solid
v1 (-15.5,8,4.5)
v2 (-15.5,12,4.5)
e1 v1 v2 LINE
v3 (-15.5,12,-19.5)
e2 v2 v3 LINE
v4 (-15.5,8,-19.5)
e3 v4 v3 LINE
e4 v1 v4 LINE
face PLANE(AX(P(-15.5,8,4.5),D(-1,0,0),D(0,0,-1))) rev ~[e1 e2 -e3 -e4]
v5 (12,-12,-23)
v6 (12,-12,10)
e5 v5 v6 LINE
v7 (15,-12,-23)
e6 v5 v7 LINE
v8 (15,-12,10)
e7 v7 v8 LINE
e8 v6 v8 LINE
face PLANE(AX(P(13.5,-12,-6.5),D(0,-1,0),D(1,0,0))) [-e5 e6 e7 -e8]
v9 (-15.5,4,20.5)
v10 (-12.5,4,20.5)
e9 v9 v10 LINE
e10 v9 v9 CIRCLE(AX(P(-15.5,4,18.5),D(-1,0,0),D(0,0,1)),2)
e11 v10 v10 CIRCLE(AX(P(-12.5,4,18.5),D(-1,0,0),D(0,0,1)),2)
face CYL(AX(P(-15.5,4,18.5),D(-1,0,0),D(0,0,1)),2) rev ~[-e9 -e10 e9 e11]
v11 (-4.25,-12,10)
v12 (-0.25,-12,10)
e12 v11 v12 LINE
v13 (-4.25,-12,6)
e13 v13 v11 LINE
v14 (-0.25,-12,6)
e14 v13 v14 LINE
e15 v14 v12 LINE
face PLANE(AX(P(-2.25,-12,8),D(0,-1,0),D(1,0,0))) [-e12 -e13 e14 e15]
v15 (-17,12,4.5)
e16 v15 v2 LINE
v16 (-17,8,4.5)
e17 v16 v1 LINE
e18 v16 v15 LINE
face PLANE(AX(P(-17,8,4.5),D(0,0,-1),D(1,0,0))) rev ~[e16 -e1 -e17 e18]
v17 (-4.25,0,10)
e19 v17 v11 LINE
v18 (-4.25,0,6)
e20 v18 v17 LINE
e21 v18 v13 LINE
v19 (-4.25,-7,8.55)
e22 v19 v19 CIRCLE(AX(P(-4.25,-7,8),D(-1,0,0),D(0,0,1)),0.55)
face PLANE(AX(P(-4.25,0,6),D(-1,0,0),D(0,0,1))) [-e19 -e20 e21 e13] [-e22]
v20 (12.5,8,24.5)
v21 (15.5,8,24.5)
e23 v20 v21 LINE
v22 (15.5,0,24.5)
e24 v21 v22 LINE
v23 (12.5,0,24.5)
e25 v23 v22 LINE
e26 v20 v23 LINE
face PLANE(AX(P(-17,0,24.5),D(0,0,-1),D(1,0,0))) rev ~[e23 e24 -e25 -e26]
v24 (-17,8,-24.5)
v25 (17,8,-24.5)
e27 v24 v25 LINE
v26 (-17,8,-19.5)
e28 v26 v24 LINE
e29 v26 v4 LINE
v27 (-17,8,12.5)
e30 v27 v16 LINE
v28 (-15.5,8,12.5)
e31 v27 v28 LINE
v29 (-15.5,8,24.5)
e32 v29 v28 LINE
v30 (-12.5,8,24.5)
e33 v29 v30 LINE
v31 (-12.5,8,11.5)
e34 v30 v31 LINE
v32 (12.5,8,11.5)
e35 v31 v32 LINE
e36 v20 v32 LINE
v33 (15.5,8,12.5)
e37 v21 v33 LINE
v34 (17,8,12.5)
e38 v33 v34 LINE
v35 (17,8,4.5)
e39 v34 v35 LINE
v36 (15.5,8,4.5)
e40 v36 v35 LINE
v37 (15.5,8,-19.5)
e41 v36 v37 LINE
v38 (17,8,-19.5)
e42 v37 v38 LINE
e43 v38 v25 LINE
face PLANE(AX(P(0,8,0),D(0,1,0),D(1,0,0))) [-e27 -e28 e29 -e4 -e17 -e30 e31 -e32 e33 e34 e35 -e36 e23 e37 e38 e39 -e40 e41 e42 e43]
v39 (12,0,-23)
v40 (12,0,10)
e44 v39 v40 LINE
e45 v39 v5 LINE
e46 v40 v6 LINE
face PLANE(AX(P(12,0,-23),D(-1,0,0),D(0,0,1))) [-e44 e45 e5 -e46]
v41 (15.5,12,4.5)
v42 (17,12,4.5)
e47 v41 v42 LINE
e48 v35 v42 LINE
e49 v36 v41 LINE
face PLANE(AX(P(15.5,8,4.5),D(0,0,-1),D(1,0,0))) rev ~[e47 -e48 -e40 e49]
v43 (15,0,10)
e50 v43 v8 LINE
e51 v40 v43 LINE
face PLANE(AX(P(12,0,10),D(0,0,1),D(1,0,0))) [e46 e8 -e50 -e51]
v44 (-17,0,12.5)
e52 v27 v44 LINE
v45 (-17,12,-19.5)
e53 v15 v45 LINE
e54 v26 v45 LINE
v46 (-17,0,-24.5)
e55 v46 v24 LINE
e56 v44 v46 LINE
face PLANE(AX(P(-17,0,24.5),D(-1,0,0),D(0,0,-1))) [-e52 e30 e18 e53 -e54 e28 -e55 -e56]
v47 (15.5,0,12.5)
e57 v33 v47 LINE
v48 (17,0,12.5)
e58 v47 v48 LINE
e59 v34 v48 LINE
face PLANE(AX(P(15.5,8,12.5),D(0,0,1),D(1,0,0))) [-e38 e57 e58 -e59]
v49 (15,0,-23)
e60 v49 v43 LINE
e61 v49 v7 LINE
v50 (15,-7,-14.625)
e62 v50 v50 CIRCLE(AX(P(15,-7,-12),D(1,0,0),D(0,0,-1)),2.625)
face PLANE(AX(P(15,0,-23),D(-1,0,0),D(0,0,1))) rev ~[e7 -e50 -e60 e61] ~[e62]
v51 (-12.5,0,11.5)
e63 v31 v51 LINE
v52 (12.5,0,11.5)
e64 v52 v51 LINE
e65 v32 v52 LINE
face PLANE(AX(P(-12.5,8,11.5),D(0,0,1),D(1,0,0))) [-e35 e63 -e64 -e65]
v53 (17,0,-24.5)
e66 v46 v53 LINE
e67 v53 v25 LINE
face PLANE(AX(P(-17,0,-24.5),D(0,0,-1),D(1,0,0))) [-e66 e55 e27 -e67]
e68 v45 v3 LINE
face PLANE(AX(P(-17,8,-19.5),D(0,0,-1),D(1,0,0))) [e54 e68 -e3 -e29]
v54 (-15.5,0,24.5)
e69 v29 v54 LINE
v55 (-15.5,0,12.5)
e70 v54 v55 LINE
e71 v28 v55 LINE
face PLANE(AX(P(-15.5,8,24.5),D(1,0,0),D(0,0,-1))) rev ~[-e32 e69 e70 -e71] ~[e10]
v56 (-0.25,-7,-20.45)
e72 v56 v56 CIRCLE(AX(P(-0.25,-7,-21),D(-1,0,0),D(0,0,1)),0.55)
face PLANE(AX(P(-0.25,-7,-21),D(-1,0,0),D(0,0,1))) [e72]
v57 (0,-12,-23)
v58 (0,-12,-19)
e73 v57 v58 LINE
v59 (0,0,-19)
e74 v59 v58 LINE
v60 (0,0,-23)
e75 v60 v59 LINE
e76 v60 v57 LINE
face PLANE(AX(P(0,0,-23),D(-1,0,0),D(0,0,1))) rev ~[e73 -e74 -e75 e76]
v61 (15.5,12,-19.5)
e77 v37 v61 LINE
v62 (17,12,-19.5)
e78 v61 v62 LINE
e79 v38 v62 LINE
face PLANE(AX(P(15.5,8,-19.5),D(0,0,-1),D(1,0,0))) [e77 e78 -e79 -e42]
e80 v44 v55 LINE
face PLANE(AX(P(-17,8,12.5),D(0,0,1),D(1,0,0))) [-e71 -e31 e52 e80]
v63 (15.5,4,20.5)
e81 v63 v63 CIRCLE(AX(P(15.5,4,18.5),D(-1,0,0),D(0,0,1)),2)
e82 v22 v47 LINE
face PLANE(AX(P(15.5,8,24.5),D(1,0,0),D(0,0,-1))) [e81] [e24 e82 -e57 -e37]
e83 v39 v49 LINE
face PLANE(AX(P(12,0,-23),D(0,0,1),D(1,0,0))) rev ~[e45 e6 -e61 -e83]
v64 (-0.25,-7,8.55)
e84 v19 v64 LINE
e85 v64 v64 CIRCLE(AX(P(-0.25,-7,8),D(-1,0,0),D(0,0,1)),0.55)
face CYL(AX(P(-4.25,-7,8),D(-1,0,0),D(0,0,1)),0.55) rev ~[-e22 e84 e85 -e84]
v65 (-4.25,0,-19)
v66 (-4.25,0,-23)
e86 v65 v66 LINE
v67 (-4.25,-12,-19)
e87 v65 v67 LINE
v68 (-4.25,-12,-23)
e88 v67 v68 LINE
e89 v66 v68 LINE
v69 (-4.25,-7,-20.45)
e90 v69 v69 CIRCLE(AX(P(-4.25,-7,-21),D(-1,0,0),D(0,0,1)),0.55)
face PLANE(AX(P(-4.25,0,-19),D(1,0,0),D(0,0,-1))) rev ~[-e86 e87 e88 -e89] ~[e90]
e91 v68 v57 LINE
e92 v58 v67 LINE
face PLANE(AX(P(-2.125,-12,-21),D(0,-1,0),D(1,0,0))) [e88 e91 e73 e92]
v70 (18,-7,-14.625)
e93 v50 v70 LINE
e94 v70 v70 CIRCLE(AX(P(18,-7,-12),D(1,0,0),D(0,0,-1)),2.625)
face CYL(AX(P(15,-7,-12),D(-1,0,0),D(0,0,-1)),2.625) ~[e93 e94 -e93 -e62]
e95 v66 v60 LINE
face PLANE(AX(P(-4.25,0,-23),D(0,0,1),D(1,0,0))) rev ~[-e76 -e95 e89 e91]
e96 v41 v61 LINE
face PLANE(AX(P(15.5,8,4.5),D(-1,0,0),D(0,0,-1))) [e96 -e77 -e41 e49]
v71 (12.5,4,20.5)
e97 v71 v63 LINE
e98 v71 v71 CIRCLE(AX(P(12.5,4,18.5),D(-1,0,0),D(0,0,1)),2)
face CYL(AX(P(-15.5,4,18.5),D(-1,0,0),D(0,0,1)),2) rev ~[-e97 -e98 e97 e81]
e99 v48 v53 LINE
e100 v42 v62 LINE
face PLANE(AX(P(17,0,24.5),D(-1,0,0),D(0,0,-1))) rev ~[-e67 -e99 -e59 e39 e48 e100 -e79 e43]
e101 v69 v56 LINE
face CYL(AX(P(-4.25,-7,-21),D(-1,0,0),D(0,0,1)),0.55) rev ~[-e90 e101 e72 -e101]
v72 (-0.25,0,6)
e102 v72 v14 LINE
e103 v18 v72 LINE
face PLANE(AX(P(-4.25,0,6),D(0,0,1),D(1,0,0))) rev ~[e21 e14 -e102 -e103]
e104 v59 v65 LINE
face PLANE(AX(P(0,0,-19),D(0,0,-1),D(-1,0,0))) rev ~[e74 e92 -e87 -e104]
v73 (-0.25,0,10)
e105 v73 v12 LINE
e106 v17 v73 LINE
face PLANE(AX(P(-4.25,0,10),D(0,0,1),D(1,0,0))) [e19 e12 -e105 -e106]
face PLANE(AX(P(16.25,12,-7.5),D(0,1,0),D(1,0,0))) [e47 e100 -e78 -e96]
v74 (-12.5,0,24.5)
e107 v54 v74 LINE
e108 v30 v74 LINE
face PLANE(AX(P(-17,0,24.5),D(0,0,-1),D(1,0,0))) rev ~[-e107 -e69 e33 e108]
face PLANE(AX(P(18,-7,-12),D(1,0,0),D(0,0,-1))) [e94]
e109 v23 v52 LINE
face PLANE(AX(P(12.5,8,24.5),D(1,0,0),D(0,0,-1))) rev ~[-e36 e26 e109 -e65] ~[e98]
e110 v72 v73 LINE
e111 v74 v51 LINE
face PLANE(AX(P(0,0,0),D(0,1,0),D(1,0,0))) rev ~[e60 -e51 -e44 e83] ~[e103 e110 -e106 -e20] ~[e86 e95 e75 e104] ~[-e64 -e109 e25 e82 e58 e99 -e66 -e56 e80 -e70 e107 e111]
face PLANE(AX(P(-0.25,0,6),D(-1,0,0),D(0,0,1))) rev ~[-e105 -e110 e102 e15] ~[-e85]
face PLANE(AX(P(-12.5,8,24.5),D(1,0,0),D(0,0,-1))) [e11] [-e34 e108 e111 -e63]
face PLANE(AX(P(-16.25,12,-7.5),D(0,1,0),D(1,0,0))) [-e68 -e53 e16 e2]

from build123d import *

# Parameters (mm, degrees)
SKETCH_1_W          = 34
SKETCH_1_H          = 49
EXTRUDE_1_DEPTH     = 8
SKETCH_2_W          = 1.5
SKETCH_2_H          = 24
EXTRUDE_2_DEPTH     = 4
SKETCH_3_W          = 1.5
SKETCH_3_H          = 12
SKETCH_3_W_2        = 25
SKETCH_3_H_2        = 13
CUT_EXTRUDE_1_DEPTH = 8
CUT_EXTRUDE_2_REACH = 44.432
SKETCH_4_R          = 2
EXTRUDE_3_DEPTH     = 8
CUT_EXTRUDE_4_DEPTH = 8
SKETCH_6_W          = 4
SKETCH_6_H          = 4
SKETCH_6_W_2        = 3
SKETCH_6_H_2        = 33
EXTRUDE_5_DEPTH     = 12
SKETCH_7_R          = 2.625
EXTRUDE_6_DEPTH     = 3
SKETCH_8_R          = 0.55
CUT_EXTRUDE_5_DEPTH = 4


with BuildPart() as part:
    # 草图1 → 凸台-拉伸1 (new body)
    with BuildSketch(Plane(origin=(0, 0, 0), x_dir=(1, 0, 0), z_dir=(0, 1, 0))):
        Rectangle(SKETCH_1_W, SKETCH_1_H)
    extrude(amount=EXTRUDE_1_DEPTH)

    # 草图2 → 凸台-拉伸2 (add)
    with BuildSketch(Plane(origin=(0, 8, 0), x_dir=(1, 0, 0), z_dir=(0, 1, 0))):
        with Locations((-16.25, 7.5)):
            Rectangle(SKETCH_2_W, SKETCH_2_H)
        with Locations((16.25, 7.5)):
            Rectangle(SKETCH_2_W, SKETCH_2_H)
    extrude(amount=EXTRUDE_2_DEPTH)

    # 草图3 → 切除-拉伸1 (cut)
    with BuildSketch(Plane(origin=(0, 8, 0), x_dir=(1, 0, 0), z_dir=(0, 1, 0))):
        with Locations((-16.25, -18.5)):
            Rectangle(SKETCH_3_W, SKETCH_3_H)
        with Locations((16.25, -18.5)):
            Rectangle(SKETCH_3_W, SKETCH_3_H)
        with Locations((0, -18)):
            Rectangle(SKETCH_3_W_2, SKETCH_3_H_2)
    extrude(amount=-CUT_EXTRUDE_1_DEPTH, mode=Mode.SUBTRACT)

    # 切除-拉伸2: up to this face of the body (flat: up to its plane)
    cut_extrude_2_end = Plane(part.part.faces().sort_by_distance((15.5, 4, 18.5))[0])
    # 草图4 → 切除-拉伸2 (cut, up to the picked face)
    with BuildSketch(Plane.ZY.offset(15.5), mode=Mode.PRIVATE) as cut_extrude_2_sk1:
        with Locations((18.5, 4)):
            Circle(SKETCH_4_R)
    cut_extrude_2_tool1 = split(extrude(cut_extrude_2_sk1.sketch, amount=-CUT_EXTRUDE_2_REACH, mode=Mode.PRIVATE), bisect_by=cut_extrude_2_end, keep=Keep.BOTH, mode=Mode.PRIVATE)
    add(cut_extrude_2_tool1.solids().sort_by(Axis((-15.5, 4, 18.5), (1, 0, 0)))[0], mode=Mode.SUBTRACT)

    # 草图5 → 凸台-拉伸3 (add)
    with BuildSketch(Plane.XZ):
        Polygon((4, 11.5), (-4, 11.5), (-4, 41.5), (-13, 41.5), (-13, 56.5), (13, 56.5), (13, 41.5), (4, 41.5), align=None)
    extrude(amount=-EXTRUDE_3_DEPTH)

    # 草图5<2> → 切除-拉伸4 (cut)
    with BuildSketch(Plane.XZ):
        Polygon((4, 11.5), (-4, 11.5), (-4, 41.5), (-13, 41.5), (-13, 56.5), (13, 56.5), (13, 41.5), (4, 41.5), align=None)
    extrude(amount=-CUT_EXTRUDE_4_DEPTH, mode=Mode.SUBTRACT)

    # 草图6 → 凸台-拉伸5 (add)
    with BuildSketch(Plane.XZ):
        with Locations((-2.25, 8)):
            Rectangle(SKETCH_6_W, SKETCH_6_H)
        with Locations((13.5, -6.5)):
            Rectangle(SKETCH_6_W_2, SKETCH_6_H_2)
        Polygon((-4.25, -19), (-4.25, -19.5), (-4.25, -23), (0, -23), (0, -19.5), (0, -19), align=None)
    extrude(amount=EXTRUDE_5_DEPTH)

    # 草图7 → 凸台-拉伸6 (add)
    with BuildSketch(Plane(origin=(15, 0, 0), x_dir=(0, 0, -1), z_dir=(1, 0, 0))):
        with Locations((12, -7)):
            Circle(SKETCH_7_R)
    extrude(amount=EXTRUDE_6_DEPTH)

    # 草图8 → 切除-拉伸5 (cut)
    with BuildSketch(Plane.ZY.offset(4.25)):
        with Locations((8, -7)):
            Circle(SKETCH_8_R)
        with Locations((-21, -7)):
            Circle(SKETCH_8_R)
    extrude(amount=-CUT_EXTRUDE_5_DEPTH, mode=Mode.SUBTRACT)


solid = part.part
